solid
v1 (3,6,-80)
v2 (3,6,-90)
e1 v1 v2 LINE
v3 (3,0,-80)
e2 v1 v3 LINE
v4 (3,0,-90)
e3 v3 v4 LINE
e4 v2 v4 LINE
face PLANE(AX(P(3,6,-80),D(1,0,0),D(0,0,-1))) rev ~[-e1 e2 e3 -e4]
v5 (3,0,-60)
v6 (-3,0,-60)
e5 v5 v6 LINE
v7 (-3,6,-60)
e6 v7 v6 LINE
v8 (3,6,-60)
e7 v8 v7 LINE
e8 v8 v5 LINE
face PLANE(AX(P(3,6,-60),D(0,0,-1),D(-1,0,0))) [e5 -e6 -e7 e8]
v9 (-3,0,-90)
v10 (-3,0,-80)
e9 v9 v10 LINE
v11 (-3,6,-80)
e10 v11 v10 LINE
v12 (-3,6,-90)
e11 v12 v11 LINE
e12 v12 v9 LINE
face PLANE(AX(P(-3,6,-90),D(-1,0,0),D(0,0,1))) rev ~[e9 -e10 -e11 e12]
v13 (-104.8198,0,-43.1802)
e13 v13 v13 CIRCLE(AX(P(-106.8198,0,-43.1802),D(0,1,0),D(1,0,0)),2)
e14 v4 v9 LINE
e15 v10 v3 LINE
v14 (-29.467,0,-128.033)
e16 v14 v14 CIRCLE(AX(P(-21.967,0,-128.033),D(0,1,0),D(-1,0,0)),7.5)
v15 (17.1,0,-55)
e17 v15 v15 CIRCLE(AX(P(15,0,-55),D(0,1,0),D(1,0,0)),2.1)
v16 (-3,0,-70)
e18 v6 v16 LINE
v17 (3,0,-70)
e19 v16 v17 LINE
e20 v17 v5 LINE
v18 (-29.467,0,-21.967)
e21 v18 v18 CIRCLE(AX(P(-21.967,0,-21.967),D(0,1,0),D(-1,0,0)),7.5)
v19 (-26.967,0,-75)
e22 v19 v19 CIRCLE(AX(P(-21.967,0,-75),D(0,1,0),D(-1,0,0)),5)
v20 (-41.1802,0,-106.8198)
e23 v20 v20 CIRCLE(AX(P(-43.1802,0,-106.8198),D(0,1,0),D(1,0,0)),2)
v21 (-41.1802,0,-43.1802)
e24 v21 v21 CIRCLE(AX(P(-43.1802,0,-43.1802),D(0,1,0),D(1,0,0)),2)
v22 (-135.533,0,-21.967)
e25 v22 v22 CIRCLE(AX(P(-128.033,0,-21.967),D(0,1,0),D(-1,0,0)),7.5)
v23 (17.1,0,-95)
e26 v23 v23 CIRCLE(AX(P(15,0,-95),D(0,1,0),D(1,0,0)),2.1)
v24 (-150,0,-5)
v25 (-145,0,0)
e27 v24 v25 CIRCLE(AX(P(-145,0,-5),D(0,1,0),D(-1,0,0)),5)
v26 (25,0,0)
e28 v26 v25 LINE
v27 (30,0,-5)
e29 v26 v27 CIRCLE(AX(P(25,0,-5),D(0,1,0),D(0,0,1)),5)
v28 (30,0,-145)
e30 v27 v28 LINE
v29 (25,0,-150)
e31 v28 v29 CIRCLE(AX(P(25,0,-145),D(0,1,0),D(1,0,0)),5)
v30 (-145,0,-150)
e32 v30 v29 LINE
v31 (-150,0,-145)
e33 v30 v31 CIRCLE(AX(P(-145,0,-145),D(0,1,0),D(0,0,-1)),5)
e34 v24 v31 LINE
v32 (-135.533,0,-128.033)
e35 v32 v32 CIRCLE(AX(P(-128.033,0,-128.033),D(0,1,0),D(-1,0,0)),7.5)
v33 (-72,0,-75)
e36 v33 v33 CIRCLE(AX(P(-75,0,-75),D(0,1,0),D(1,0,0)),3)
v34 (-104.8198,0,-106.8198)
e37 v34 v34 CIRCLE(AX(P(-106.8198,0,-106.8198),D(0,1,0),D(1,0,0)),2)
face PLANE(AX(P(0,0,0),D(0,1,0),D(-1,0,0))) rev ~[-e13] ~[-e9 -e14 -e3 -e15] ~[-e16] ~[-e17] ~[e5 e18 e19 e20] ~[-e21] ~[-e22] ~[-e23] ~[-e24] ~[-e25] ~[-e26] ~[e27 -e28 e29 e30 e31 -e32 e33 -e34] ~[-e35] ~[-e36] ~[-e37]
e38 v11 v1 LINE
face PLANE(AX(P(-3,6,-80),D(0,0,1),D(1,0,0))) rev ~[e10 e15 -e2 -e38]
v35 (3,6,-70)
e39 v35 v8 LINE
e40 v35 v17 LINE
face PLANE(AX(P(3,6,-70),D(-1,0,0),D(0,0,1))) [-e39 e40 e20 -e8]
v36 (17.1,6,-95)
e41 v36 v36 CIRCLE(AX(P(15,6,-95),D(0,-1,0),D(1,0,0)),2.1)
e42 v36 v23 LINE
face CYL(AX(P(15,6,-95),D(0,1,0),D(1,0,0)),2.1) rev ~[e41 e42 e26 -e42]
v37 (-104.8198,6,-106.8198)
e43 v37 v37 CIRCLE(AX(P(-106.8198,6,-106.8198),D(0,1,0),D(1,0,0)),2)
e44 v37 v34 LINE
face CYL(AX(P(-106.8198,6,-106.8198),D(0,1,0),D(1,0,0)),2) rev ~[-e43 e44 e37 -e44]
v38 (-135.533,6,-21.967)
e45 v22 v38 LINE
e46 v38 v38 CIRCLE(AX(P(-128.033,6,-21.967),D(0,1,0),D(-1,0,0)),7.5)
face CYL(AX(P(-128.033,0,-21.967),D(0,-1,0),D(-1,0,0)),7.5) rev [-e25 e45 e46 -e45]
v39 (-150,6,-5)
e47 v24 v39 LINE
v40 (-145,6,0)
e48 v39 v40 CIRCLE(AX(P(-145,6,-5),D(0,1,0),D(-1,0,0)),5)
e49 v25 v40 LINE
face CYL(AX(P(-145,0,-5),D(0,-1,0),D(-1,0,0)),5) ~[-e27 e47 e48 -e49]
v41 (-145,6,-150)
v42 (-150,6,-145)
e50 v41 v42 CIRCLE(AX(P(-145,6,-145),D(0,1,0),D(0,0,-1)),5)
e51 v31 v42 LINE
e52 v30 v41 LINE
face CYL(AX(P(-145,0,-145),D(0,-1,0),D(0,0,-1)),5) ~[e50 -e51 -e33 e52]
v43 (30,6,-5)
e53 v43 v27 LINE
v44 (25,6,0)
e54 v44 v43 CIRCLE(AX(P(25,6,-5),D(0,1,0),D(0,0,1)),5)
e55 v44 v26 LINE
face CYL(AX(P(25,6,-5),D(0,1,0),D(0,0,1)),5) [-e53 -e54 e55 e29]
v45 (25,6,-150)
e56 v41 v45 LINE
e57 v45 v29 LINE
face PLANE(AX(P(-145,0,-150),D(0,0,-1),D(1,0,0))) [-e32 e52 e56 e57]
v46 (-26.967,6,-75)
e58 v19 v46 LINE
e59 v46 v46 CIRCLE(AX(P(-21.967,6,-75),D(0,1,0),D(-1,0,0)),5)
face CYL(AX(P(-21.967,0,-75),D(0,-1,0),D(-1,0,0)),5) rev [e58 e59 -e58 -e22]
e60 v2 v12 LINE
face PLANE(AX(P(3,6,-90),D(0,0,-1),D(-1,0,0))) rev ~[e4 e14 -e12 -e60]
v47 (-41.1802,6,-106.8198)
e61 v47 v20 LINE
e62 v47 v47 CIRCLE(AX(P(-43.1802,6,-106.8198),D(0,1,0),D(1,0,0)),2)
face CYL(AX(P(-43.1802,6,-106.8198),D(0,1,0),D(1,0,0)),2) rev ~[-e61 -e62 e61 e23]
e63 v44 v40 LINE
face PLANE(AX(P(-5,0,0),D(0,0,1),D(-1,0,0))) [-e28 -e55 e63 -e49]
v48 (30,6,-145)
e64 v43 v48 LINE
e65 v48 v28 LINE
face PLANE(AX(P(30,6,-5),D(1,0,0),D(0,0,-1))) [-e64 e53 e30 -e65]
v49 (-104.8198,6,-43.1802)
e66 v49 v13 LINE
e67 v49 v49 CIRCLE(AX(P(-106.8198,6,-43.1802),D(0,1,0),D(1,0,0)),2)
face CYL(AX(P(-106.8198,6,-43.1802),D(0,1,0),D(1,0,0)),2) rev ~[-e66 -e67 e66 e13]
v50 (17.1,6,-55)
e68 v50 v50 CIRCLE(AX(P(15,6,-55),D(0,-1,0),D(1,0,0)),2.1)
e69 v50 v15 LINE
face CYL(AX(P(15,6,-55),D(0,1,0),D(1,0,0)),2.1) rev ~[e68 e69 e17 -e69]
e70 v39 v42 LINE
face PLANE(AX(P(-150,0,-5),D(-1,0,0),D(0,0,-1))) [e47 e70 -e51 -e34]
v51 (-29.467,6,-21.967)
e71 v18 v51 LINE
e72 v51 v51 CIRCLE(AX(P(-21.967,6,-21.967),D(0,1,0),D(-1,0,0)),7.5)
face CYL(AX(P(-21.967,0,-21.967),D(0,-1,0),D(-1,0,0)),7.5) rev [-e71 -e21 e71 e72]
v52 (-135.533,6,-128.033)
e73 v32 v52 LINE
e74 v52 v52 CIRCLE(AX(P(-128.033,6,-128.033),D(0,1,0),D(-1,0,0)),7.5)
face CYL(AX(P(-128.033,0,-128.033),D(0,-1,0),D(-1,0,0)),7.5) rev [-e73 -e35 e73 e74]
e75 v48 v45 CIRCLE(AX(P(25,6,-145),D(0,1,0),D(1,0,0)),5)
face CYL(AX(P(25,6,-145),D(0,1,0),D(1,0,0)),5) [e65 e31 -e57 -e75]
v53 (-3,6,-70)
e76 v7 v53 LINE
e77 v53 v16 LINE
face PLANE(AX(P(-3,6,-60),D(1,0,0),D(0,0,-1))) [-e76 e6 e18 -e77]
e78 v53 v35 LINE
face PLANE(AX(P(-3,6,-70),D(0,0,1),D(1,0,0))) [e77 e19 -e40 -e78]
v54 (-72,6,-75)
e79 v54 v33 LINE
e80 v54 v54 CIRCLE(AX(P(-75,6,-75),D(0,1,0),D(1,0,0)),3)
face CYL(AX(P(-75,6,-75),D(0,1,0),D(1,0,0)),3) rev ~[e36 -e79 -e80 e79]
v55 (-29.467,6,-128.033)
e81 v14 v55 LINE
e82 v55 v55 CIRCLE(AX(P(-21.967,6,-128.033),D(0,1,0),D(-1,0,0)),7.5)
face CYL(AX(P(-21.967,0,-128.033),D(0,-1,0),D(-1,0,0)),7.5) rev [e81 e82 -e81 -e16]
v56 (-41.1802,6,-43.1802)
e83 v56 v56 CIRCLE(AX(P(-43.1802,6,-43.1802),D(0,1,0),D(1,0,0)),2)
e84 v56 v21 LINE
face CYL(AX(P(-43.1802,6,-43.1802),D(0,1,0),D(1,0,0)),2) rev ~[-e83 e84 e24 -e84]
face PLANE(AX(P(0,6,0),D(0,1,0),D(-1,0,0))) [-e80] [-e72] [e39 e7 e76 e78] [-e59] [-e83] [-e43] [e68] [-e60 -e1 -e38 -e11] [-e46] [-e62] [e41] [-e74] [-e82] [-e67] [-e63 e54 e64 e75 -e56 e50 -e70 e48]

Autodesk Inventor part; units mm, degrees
ref_plane "YZ Plane" through (0, 0, 0) normal (1, 0, 0) x (0, 1, 0)
ref_plane "XZ Plane" through (0, 0, 0) normal (0, 1, 0) x (-1, 0, 0)
ref_plane "XY Plane" through (0, 0, 0) normal (0, 0, 1) x (1, 0, 0)
sketch "Sketch1" plane through (0, 0, 0) normal (0, 1, 0) x (-1, 0, 0)
  line L0 (5, 0) -> (145, 0)
  line L1 (150, -5) -> (150, -145)
  line L2 (145, -150) -> (5, -150)
  line L3 (0, -145) -> (0, -5)
  arc A0 (150, -5) -> (145, 0) centre (145, -5) ccw
  arc A1 (150, -5) -> (145, 0) centre (145, -5) ccw
  arc A2 (145, -150) -> (150, -145) centre (145, -145) ccw
  arc A3 (5, 0) -> (0, -5) centre (5, -5) ccw
  arc A4 (0, -145) -> (5, -150) centre (5, -145) ccw
  circle A5 centre (128.033, -21.967) radius 7.5
  circle A6 centre (128.033, -128.033) radius 7.5
  circle A7 centre (21.967, -128.033) radius 7.5
  circle A8 centre (21.967, -21.967) radius 7.5
  circle A9 centre (21.967, -75) radius 5
  point P0 (150, -150)
  point P1 (150, 0)
  point P2 (0, -150)
  dimension "d12" = 150
  dimension "d13" = 150
  dimension "d22" = 5
  dimension "d23" = 5
  dimension "d28" = 15
  dimension "d29" = 15
  dimension "d30" = 15
  dimension "d31" = 15
  dimension "d32" = 10
extrude "Extrusion1" add sketch "Sketch1" along normal blind 6
sketch "Sketch2" plane through (0, 6, 0) normal (0, 1, 0) x (1, 0, 0)
  arc A0 (-5, 0) -> (0, 5) centre (-5, 5) ccw projected
  arc A1 (-145, 150) -> (-150, 145) centre (-145, 145) ccw projected
  arc A2 (-150, 5) -> (-145, 0) centre (-145, 5) ccw projected
  circle A3 centre (-21.967, 128.033) radius 7.5 projected
  circle A4 centre (-128.033, 21.967) radius 7.5 projected
  circle A5 centre (-128.033, 128.033) radius 7.5 projected
  circle A6 centre (-106.8198, 43.1802) radius 2
  circle A7 centre (-106.8198, 106.8198) radius 2
  circle A8 centre (-43.1802, 43.1802) radius 2
  circle A9 centre (-43.1802, 106.8198) radius 2
  circle A10 centre (-75, 75) radius 3
  point P0 (0, 0)
  dimension "d39" = 4
  dimension "d40" = 4
  dimension "d41" = 4
  dimension "d42" = 4
  dimension "d43" = 6
  dimension "d47" = 30
extrude "Extrusion2" cut sketch "Sketch2" against normal blind 6 contours A6 | A7 | A8 | A9 | A10
sketch "Sketch3" plane through (0, 6, 0) normal (0, 1, 0) x (1, 0, 0)
  arc A0 (-5, 0) -> (0, 5) centre (-5, 5) ccw projected
  line L0 (-5, 0) -> (25, 0)
  line L1 (30, 5) -> (30, 145)
  line L2 (25, 150) -> (-5, 150)
  line L3 (-5, 150) -> (-5, 0)
  arc A1 (25, 0) -> (30, 5) centre (25, 5) ccw
  arc A2 (30, 145) -> (25, 150) centre (25, 145) ccw
  point P0 (0, 0)
  point P1 (30, 150)
  point P2 (30, 0)
  dimension "d48" = 35
  dimension "d49" = 150
  dimension "d50" = 5
extrude "Extrusion3" add sketch "Sketch3" against normal blind 6
sketch "Sketch4" plane through (0, 6, 0) normal (0, 1, 0) x (1, 0, 0)
  line L0 (30, 145) -> (30, 5) projected
  line L1 (-3, 80) -> (3, 80)
  line L2 (3, 80) -> (3, 90)
  line L3 (3, 90) -> (-3, 90)
  line L4 (-3, 90) -> (-3, 80)
  line L5 (-3, 70) -> (3, 70)
  line L6 (3, 70) -> (3, 60)
  line L7 (3, 60) -> (-3, 60)
  line L8 (-3, 60) -> (-3, 70)
  circle A0 centre (15, 55) radius 2.1
  circle A1 centre (15, 95) radius 2.1
  line L9 (15, 55) -> (15, 75)
  line L10 (15, 75) -> (15, 95)
  point P0 (0, 0)
  dimension "d55" = 10
  dimension "d56" = 6
  dimension "d57" = 10
  dimension "d58" = 6
  dimension "d59" = 10
  dimension "d63" = 4.2
  dimension "d64" = 4.2
  dimension "d69" = 20
  dimension "d70" = 20
extrude "Extrusion4" cut sketch "Sketch4" against normal blind 6
properties part number "E_base2"
